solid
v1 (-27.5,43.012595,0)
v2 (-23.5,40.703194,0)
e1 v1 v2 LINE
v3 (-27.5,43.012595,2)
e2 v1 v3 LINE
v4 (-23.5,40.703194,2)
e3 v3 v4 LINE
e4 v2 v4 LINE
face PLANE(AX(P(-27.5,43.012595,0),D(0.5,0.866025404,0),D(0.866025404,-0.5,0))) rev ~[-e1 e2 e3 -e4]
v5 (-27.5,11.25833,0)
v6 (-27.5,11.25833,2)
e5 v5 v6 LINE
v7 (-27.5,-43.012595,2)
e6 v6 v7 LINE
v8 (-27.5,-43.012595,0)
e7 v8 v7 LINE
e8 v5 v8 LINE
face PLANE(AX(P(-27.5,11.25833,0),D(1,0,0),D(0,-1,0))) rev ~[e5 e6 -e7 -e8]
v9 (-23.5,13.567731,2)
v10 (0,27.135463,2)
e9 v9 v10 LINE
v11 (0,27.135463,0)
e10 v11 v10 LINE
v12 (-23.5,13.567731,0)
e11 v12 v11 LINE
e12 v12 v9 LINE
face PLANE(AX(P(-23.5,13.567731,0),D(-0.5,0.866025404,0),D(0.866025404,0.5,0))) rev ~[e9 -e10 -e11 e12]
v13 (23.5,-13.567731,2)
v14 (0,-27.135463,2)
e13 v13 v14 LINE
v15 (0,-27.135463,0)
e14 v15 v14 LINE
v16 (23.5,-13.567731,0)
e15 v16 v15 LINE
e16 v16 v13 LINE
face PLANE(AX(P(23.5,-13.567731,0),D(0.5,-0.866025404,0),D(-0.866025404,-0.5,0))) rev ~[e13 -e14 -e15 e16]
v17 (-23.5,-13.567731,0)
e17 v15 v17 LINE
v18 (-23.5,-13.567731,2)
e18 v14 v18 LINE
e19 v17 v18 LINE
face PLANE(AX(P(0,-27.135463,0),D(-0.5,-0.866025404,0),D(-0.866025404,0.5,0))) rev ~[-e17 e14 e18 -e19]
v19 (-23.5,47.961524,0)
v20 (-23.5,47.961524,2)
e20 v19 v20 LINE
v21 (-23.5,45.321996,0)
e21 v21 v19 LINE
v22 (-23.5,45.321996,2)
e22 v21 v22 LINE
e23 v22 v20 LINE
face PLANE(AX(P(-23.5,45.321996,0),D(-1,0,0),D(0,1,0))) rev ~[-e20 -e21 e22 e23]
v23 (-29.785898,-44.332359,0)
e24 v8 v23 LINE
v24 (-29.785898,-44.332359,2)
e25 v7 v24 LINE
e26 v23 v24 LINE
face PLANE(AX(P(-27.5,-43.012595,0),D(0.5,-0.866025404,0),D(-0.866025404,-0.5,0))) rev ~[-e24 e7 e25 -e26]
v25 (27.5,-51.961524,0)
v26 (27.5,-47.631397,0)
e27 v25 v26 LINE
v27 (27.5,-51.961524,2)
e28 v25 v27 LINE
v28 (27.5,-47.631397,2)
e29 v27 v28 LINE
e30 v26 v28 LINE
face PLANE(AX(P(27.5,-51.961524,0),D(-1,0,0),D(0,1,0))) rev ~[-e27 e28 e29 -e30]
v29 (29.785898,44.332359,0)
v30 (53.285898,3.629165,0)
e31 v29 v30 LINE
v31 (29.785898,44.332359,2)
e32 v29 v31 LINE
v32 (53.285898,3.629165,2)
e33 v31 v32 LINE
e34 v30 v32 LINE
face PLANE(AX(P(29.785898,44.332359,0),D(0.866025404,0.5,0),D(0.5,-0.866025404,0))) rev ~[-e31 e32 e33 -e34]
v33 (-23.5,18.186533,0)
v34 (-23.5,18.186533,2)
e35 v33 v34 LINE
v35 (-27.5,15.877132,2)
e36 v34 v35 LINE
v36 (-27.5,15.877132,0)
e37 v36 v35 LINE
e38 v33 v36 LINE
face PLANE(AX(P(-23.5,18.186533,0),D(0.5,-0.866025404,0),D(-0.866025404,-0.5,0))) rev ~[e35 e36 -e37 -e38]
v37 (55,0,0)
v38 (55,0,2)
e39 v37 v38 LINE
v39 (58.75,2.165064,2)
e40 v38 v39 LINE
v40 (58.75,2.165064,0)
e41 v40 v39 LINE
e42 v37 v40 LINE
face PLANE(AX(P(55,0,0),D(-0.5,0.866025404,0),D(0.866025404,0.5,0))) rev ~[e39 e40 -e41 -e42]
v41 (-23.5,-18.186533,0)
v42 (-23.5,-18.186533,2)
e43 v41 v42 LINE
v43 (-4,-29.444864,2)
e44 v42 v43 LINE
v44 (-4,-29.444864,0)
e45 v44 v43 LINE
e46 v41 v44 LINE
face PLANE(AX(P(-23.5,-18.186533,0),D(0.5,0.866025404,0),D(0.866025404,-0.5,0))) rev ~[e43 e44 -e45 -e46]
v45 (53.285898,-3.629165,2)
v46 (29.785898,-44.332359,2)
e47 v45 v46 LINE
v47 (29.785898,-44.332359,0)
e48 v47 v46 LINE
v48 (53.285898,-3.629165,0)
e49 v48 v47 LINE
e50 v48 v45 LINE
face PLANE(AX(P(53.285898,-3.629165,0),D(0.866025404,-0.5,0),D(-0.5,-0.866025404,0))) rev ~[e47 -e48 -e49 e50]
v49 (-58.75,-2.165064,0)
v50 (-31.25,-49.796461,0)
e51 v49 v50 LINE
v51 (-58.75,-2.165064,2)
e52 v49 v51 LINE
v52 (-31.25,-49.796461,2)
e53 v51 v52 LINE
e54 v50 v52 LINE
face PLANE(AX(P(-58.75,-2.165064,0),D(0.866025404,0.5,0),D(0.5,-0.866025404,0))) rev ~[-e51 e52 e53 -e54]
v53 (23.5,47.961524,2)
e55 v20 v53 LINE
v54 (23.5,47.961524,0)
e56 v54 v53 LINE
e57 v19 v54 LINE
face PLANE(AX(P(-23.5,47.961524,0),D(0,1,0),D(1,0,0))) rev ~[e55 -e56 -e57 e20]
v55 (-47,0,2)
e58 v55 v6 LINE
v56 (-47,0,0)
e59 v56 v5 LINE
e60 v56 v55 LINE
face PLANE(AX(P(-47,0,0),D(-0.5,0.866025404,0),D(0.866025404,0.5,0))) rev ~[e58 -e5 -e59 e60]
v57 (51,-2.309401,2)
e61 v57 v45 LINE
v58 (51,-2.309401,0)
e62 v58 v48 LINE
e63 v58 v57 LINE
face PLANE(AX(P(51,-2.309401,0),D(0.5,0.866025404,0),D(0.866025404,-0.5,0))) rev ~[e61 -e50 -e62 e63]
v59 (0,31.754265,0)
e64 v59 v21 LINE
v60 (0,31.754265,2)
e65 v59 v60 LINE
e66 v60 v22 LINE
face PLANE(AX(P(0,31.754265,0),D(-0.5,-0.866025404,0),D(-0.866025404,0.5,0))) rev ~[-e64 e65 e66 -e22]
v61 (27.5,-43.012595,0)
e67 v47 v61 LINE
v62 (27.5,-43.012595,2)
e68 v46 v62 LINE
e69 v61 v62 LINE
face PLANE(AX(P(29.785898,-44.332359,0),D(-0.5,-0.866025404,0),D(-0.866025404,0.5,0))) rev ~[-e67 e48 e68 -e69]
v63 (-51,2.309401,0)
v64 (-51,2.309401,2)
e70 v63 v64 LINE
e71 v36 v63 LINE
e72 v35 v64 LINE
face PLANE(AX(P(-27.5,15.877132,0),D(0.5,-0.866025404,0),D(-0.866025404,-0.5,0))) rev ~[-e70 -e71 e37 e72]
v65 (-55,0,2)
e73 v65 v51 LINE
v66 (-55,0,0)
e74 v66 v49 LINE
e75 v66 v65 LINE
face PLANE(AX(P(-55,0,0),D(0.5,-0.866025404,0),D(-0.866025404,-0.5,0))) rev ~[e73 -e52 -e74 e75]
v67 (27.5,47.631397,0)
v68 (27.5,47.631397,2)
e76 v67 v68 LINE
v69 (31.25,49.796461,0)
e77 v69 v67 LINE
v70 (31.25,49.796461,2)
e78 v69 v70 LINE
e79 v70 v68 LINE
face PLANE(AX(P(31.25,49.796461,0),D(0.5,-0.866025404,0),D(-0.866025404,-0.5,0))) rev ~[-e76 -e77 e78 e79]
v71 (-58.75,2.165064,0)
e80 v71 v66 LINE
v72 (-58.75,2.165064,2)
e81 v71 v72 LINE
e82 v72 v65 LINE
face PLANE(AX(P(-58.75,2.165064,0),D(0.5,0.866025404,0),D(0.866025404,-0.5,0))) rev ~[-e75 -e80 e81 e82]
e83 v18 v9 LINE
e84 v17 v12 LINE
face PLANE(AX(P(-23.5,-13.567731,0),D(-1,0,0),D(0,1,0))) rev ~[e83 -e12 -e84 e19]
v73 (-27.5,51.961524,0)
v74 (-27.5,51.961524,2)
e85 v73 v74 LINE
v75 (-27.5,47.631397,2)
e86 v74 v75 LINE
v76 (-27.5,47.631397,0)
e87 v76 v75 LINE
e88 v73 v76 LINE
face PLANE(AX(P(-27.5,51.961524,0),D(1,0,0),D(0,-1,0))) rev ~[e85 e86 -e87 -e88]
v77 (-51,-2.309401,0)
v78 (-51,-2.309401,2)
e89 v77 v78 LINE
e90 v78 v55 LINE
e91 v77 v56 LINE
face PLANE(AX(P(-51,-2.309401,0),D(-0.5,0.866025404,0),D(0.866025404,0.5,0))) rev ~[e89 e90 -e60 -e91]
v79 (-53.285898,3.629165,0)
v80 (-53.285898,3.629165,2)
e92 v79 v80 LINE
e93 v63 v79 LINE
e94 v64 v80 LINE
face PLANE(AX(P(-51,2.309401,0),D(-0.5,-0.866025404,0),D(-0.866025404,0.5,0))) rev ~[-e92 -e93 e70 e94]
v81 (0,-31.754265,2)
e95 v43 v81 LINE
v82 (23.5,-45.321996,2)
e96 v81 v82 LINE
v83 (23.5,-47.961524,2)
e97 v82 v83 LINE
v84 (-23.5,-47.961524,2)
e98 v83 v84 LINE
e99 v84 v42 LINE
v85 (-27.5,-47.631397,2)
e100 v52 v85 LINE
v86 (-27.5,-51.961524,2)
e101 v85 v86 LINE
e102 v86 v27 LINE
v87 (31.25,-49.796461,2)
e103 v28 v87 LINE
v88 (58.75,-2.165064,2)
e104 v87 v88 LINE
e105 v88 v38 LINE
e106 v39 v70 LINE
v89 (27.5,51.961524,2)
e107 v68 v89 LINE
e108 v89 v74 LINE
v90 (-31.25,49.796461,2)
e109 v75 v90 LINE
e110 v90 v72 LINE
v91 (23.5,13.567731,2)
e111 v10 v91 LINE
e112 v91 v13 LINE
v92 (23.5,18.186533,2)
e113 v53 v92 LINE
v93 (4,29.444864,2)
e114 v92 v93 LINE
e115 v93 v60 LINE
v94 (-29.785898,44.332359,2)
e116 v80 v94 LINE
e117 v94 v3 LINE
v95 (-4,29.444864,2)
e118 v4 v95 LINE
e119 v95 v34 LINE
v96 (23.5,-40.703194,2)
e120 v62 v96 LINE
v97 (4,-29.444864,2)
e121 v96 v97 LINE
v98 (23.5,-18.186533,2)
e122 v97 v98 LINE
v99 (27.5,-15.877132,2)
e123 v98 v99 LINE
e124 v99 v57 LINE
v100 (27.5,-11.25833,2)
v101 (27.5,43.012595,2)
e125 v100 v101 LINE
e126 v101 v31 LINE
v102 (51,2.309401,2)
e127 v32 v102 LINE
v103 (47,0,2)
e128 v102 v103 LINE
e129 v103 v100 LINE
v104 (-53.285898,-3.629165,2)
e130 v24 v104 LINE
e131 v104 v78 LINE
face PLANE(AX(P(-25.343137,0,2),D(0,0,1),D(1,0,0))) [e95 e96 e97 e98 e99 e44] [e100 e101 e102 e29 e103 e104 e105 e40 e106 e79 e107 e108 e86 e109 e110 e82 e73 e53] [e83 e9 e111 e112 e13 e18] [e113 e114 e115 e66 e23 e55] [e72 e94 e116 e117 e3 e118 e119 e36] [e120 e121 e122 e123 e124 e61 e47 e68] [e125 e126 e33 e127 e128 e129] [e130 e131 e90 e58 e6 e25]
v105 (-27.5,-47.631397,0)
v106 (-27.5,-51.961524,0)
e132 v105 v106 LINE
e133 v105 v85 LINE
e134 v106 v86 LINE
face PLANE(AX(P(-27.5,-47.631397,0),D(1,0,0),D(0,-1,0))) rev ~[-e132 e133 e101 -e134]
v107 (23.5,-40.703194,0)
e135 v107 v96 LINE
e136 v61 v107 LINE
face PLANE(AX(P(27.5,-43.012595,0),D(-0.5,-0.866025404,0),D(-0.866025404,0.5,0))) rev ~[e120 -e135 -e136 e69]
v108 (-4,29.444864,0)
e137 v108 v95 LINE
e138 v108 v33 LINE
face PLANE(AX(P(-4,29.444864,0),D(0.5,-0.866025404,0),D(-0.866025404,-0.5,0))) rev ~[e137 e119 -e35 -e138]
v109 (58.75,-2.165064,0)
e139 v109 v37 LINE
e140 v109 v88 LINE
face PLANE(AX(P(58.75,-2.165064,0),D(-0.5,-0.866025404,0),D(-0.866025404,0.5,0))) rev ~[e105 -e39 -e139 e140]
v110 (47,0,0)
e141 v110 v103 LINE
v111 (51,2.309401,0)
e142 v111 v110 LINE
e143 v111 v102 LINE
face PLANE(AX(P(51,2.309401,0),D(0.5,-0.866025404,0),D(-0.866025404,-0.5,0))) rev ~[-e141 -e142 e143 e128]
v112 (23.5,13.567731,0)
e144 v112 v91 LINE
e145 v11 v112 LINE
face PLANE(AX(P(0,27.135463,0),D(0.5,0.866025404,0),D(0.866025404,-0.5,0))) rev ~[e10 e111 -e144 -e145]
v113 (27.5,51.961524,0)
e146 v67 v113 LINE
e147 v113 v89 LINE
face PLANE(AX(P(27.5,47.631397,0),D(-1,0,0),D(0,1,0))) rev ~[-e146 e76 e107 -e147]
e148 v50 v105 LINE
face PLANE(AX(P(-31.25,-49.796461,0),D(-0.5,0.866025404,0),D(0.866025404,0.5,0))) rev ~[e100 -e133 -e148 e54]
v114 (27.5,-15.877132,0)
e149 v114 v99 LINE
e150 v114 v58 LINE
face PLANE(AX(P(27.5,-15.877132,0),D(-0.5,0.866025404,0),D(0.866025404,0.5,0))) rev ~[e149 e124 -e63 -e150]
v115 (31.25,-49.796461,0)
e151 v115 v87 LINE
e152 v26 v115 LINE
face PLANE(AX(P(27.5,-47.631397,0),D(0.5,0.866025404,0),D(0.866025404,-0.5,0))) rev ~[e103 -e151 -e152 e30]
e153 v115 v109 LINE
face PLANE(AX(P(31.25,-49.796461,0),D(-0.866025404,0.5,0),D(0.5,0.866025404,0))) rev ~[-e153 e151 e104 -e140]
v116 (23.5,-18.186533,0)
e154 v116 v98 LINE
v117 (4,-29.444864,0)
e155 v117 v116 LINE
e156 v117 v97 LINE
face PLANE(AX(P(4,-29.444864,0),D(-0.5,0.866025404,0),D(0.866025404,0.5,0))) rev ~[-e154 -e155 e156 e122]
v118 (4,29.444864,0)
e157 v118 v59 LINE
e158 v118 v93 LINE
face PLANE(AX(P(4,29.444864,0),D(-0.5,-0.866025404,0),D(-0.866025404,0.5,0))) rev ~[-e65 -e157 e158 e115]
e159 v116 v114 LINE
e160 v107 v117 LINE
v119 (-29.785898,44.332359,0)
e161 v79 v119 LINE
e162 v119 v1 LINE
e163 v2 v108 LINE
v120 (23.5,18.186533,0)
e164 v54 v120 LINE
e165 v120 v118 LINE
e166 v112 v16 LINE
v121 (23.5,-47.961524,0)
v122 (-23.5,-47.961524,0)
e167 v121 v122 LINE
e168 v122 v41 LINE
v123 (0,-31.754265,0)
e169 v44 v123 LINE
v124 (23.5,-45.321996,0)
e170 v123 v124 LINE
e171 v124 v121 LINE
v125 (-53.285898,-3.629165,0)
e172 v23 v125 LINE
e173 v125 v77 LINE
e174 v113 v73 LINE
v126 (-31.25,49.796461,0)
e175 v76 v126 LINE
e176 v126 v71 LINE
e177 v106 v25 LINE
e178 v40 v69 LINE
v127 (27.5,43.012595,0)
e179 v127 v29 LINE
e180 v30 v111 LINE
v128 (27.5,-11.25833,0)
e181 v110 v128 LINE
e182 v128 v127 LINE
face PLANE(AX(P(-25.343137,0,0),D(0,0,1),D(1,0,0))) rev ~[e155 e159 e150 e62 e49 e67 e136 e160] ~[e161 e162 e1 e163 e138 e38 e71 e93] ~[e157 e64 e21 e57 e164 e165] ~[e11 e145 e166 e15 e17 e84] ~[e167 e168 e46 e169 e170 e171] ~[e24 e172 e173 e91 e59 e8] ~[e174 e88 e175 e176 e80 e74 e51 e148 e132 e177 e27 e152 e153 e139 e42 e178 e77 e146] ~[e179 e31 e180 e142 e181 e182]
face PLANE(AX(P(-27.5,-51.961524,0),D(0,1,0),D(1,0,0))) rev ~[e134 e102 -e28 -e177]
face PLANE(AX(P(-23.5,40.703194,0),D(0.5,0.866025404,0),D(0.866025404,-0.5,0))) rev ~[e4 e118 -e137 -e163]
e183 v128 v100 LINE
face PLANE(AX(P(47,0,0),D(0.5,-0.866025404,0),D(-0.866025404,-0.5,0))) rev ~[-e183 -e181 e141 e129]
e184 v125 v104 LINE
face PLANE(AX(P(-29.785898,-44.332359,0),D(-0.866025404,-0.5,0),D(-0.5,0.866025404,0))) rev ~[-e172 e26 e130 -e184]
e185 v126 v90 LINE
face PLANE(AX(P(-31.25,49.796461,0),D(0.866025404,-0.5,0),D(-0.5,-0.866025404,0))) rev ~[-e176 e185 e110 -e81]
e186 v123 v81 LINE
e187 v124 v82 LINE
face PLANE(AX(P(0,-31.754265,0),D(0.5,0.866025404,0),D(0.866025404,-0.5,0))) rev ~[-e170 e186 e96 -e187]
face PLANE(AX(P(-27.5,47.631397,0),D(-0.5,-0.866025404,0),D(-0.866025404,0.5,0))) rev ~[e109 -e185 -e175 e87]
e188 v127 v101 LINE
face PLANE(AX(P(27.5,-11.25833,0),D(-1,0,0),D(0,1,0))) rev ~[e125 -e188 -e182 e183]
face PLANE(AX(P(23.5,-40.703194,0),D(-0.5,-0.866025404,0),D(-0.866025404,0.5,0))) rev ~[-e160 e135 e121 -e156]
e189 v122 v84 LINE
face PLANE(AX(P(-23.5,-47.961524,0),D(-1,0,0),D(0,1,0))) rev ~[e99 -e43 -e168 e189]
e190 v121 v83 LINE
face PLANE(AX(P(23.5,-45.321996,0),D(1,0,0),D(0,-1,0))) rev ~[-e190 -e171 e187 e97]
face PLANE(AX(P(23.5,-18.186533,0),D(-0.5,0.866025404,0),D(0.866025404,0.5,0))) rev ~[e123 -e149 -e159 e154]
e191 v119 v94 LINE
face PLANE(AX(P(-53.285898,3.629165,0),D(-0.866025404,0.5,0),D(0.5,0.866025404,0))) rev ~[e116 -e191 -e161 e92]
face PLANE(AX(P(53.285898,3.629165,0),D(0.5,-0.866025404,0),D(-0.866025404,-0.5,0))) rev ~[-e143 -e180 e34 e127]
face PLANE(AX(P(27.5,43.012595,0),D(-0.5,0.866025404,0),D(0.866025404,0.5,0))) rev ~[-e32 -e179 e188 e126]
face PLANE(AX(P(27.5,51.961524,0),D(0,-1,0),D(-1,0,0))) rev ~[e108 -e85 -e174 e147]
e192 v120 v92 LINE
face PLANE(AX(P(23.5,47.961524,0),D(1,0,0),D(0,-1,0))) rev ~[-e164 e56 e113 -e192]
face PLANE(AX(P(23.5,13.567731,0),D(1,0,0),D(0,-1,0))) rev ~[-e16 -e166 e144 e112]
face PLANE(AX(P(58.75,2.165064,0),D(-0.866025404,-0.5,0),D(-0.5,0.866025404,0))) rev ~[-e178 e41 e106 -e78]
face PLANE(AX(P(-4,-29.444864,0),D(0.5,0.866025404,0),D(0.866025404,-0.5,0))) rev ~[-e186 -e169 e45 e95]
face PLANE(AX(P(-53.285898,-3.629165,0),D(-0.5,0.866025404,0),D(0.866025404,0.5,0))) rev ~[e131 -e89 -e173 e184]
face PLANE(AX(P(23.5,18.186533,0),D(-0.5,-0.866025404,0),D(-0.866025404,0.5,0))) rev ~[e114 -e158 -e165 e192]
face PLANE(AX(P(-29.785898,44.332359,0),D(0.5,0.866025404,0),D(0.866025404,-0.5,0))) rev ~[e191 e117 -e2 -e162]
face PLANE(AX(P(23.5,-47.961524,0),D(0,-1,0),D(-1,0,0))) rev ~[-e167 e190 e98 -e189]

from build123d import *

# Parameters (mm, degrees)
F1_DEPTH = 2


with BuildPart() as f1:
    # F0 (on Top) → F1 (new body)
    with BuildSketch(Plane.XY):
        Polygon((-23.5, 13.567731326), (-27.5, 11.2583302492), (-27.5, -11.2583302492), (-23.5, -13.567731326), align=None)
        Polygon((-23.5, -13.567731326), (-27.5, -11.2583302492), (-27.5, -15.8771324027), (-23.5, -18.1865334795), align=None)
        Polygon((0, -27.1354626519), (-23.5, -13.567731326), (-23.5, -18.1865334795), (-4, -29.4448637287), align=None)
        Polygon((-23.5, -18.1865334795), (-27.5, -15.8771324027), (-27.5, -43.0125950546), (-23.5, -40.7031939779), align=None)
        Polygon((-23.5, -40.7031939779), (-27.5, -43.0125950546), (-27.5, -47.6313972081), (-23.5, -45.3219961314), align=None)
        Polygon((-51, -2.3094010768), (-55, 0), (-58.75, -2.1650635095), (-31.25, -49.7964607176), (-27.5, -47.6313972081), (-27.5, -43.0125950546), (-29.7858983849, -44.3323591025), (-53.2858983849, -3.6291651246), align=None)
        Polygon((-23.5, -45.3219961314), (-27.5, -47.6313972081), (-27.5, -51.9615242271), (27.5, -51.9615242271), (27.5, -47.6313972081), (23.5, -45.3219961314), (23.5, -47.9615242271), (-23.5, -47.9615242271), align=None)
        Polygon((23.5, -40.7031939779), (4, -29.4448637287), (0, -31.7542648054), (23.5, -45.3219961314), align=None)
        Polygon((27.5, -47.6313972081), (27.5, -43.0125950546), (23.5, -40.7031939779), (23.5, -45.3219961314), align=None)
        Polygon((4, -29.4448637287), (0, -27.1354626519), (-4, -29.4448637287), (0, -31.7542648054), align=None)
        Polygon((23.5, -18.1865334795), (23.5, -13.567731326), (0, -27.1354626519), (4, -29.4448637287), align=None)
        Polygon((27.5, -15.8771324027), (27.5, -11.2583302492), (23.5, -13.567731326), (23.5, -18.1865334795), align=None)
        Polygon((58.75, -2.1650635095), (55, 0), (51, -2.3094010768), (53.2858983849, -3.6291651246), (29.7858983849, -44.3323591025), (27.5, -43.0125950546), (27.5, -47.6313972081), (31.25, -49.7964607176), align=None)
        Polygon((47, 0), (27.5, -11.2583302492), (27.5, -15.8771324027), (51, -2.3094010768), align=None)
        Polygon((-47, 0), (-51, 2.3094010768), (-55, 0), (-51, -2.3094010768), align=None)
        Polygon((-27.5, 11.2583302492), (-27.5, 15.8771324027), (-51, 2.3094010768), (-47, 0), align=None)
        Polygon((-27.5, 43.0125950546), (-27.5, 47.6313972081), (-31.25, 49.7964607176), (-58.75, 2.1650635095), (-55, 0), (-51, 2.3094010768), (-53.2858983849, 3.6291651246), (-29.7858983849, 44.3323591025), align=None)
        Polygon((-4, 29.4448637287), (-23.5, 18.1865334795), (-23.5, 13.567731326), (0, 27.1354626519), align=None)
        Polygon((-23.5, 18.1865334795), (-27.5, 15.8771324027), (-27.5, 11.2583302492), (-23.5, 13.567731326), align=None)
        Polygon((0, 31.7542648054), (-23.5, 45.3219961314), (-23.5, 40.7031939779), (-4, 29.4448637287), align=None)
        Polygon((-23.5, 45.3219961314), (-27.5, 47.6313972081), (-27.5, 43.0125950546), (-23.5, 40.7031939779), align=None)
        Polygon((27.5, 51.9615242271), (-27.5, 51.9615242271), (-27.5, 47.6313972081), (-23.5, 45.3219961314), (-23.5, 47.9615242271), (23.5, 47.9615242271), (23.5, 45.3219961314), (27.5, 47.6313972081), align=None)
        Polygon((4, 29.4448637287), (0, 31.7542648054), (-4, 29.4448637287), (0, 27.1354626519), align=None)
        Polygon((23.5, 18.1865334795), (4, 29.4448637287), (0, 27.1354626519), (23.5, 13.567731326), align=None)
        Polygon((27.5, 15.8771324027), (27.5, 43.0125950546), (23.5, 40.7031939779), (23.5, 18.1865334795), align=None)
        Polygon((27.5, 43.0125950546), (27.5, 47.6313972081), (23.5, 45.3219961314), (23.5, 40.7031939779), align=None)
        Polygon((31.25, 49.7964607176), (27.5, 47.6313972081), (27.5, 43.0125950546), (29.7858983849, 44.3323591025), (53.2858983849, 3.6291651246), (51, 2.3094010768), (55, 0), (58.75, 2.1650635095), align=None)
        Polygon((27.5, 11.2583302492), (27.5, 15.8771324027), (23.5, 18.1865334795), (23.5, 13.567731326), align=None)
        Polygon((27.5, -11.2583302492), (27.5, 11.2583302492), (23.5, 13.567731326), (23.5, -13.567731326), align=None)
        Polygon((55, 0), (51, 2.3094010768), (47, 0), (51, -2.3094010768), align=None)
    extrude(amount=F1_DEPTH)


solid = f1.part
